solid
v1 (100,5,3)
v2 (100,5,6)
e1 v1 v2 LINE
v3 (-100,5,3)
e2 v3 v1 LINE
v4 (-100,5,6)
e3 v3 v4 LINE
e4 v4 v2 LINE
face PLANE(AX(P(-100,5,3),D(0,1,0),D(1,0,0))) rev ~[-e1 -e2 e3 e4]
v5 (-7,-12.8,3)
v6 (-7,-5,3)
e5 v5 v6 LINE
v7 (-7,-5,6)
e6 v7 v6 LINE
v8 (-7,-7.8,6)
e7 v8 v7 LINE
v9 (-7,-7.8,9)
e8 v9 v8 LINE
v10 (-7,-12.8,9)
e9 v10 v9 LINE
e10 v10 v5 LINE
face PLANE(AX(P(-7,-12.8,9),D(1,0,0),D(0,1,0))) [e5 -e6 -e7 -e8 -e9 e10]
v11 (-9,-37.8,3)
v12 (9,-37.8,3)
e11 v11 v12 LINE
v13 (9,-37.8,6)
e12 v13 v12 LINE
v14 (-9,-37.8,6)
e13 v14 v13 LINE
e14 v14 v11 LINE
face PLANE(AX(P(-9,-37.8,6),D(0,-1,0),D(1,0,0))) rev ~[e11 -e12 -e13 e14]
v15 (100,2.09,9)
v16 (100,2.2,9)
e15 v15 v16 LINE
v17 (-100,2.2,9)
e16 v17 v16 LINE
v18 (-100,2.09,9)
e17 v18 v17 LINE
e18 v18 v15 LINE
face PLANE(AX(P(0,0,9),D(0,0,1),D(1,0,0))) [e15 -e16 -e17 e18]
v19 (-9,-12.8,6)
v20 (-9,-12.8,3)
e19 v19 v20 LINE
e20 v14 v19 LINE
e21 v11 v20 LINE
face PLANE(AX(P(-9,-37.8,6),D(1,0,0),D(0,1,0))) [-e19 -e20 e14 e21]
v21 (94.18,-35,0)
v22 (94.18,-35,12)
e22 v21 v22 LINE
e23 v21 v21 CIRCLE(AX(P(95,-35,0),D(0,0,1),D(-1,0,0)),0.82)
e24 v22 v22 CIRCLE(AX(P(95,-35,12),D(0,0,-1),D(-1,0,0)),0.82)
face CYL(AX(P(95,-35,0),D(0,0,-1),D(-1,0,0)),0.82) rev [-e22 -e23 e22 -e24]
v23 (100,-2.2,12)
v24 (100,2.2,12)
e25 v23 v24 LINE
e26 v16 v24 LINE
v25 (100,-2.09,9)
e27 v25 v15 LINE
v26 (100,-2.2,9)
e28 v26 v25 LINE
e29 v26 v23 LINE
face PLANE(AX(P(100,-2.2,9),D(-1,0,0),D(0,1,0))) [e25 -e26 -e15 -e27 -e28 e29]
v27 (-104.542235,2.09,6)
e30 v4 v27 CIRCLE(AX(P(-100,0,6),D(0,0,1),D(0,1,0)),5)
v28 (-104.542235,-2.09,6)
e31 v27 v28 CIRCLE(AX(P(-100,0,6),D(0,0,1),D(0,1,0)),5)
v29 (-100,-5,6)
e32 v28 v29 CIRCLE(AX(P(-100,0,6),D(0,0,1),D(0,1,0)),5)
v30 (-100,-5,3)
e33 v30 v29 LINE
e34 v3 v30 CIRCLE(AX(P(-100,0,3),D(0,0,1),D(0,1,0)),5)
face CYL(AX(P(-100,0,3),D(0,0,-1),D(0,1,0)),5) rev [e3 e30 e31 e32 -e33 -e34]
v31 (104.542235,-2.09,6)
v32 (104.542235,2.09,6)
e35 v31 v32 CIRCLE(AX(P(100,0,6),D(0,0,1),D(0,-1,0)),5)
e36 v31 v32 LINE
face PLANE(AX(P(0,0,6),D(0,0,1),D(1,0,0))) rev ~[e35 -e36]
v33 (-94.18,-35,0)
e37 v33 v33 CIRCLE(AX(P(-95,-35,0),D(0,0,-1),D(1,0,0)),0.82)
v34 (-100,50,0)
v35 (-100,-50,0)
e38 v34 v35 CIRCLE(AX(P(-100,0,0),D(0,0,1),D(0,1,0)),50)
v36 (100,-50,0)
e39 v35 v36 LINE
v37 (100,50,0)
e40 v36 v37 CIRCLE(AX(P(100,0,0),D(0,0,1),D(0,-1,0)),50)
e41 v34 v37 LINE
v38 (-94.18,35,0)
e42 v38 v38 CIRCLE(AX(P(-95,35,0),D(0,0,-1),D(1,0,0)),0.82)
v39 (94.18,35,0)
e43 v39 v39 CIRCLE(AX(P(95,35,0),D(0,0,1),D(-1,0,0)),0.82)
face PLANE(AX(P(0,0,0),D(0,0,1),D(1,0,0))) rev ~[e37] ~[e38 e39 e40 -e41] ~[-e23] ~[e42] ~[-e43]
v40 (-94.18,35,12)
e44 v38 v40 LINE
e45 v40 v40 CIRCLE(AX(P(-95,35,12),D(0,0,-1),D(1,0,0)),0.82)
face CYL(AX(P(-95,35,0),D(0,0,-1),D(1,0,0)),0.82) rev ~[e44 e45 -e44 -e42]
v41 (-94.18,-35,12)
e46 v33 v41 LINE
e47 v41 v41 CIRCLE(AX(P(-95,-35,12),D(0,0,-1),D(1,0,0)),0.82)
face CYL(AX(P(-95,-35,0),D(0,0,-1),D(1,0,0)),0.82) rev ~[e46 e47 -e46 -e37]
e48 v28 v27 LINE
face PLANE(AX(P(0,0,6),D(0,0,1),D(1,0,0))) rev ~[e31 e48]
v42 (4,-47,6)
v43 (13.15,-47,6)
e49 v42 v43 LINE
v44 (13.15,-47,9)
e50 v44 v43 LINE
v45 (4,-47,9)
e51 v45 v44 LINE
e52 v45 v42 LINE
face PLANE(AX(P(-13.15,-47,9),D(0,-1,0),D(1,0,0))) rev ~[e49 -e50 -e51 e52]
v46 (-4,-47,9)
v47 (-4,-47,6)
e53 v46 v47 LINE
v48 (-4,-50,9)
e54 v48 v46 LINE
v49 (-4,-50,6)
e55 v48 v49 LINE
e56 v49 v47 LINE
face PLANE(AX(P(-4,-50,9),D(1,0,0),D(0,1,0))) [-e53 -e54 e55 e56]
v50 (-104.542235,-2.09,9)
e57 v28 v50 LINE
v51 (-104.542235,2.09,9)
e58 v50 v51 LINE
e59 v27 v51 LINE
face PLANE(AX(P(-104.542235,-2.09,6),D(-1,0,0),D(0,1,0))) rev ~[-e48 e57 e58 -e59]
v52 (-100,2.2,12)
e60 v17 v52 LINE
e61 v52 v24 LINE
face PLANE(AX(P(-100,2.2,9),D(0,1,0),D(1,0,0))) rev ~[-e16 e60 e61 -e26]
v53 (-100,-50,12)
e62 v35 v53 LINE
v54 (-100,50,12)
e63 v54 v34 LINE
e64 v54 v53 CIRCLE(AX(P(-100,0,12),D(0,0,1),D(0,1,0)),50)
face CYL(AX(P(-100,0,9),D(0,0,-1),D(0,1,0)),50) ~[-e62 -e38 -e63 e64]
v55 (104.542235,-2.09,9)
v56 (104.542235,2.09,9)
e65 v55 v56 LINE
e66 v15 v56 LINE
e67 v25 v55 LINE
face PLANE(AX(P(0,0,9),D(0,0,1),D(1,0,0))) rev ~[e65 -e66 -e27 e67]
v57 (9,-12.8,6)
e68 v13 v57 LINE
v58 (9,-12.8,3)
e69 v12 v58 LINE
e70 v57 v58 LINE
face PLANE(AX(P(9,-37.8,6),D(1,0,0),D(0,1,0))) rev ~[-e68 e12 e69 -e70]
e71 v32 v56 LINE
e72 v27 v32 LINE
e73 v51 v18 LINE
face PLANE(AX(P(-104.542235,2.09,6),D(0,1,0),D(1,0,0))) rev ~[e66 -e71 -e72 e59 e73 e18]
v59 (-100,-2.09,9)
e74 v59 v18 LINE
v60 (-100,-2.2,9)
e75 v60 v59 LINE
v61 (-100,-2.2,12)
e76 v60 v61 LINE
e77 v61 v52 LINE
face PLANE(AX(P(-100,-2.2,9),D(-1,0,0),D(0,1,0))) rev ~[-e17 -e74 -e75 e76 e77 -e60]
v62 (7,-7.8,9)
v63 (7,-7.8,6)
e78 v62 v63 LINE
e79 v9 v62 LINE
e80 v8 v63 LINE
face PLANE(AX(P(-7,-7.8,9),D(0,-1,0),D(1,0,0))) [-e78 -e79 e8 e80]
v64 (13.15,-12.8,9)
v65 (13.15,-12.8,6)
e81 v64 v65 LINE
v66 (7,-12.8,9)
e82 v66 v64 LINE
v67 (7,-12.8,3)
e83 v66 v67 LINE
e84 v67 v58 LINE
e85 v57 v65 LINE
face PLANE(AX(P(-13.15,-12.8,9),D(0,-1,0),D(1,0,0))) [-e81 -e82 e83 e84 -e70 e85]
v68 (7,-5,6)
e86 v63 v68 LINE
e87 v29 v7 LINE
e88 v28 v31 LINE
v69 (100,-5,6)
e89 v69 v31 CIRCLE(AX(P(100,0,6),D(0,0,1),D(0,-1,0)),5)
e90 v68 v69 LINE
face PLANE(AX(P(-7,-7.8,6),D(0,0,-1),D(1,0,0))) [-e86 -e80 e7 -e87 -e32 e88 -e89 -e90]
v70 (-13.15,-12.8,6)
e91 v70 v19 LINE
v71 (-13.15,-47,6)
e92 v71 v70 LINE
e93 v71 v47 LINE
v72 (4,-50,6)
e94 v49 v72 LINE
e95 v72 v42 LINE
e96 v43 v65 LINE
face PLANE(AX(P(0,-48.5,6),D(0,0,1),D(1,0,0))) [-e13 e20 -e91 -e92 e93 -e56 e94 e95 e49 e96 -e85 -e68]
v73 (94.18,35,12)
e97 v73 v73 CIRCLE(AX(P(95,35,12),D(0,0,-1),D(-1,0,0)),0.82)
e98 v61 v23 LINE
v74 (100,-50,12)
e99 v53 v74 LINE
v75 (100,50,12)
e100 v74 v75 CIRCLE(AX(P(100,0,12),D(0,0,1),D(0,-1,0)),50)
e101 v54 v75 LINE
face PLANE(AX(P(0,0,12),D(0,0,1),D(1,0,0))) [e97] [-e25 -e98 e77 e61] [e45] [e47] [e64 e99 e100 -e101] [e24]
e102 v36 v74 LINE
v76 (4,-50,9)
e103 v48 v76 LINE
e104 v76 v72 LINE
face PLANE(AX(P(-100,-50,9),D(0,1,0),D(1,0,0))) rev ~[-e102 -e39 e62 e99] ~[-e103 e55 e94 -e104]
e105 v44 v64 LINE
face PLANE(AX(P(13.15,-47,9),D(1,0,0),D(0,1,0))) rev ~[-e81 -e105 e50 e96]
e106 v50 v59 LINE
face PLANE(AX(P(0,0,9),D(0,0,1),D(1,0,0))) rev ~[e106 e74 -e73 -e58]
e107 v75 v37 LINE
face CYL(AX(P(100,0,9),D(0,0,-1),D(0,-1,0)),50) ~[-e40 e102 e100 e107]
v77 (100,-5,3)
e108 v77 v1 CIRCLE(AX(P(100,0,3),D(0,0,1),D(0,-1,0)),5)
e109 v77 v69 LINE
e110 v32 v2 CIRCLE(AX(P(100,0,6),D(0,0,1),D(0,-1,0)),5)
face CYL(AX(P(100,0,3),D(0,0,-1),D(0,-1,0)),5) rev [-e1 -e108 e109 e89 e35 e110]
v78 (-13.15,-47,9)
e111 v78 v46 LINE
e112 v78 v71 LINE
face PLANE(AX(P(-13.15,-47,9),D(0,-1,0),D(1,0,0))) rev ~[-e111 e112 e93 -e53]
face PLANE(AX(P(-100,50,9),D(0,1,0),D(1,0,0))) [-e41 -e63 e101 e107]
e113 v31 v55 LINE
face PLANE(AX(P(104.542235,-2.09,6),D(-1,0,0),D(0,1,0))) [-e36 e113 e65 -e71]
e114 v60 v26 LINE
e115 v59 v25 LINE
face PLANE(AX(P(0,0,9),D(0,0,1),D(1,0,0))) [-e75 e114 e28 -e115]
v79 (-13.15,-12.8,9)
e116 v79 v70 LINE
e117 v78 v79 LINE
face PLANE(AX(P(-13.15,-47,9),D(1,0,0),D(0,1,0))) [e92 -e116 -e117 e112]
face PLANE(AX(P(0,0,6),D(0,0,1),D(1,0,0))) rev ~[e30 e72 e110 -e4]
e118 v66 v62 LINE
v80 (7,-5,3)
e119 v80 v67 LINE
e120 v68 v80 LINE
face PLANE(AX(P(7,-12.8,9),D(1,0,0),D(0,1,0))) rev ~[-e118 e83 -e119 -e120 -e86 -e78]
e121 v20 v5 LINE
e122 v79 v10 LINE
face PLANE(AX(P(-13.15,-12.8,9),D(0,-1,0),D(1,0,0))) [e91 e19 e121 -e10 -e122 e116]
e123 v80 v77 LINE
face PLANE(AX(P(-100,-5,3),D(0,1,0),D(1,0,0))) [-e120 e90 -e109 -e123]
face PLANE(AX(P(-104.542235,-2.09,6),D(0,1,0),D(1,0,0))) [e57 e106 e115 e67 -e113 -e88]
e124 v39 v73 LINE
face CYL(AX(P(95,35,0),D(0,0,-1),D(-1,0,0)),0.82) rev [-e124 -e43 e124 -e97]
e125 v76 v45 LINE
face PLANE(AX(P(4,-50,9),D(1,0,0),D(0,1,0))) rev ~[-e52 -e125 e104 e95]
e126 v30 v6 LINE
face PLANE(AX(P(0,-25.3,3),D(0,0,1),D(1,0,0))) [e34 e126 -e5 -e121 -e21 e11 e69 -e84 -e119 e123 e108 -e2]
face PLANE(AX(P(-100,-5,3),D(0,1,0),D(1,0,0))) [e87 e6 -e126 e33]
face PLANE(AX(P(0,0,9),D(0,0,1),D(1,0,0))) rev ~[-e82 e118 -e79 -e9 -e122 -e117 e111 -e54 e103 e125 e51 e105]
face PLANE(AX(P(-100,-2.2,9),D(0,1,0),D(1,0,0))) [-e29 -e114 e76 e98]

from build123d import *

# Parameters (mm, degrees)
PAD_DEPTH       = 3
PAD001_DEPTH    = 3
SKETCH002_W     = 209.08447
SKETCH002_H     = 4.18
PAD002_DEPTH    = 3
SKETCH003_W     = 26.3
SKETCH003_H     = 34.2
POCKET_DEPTH    = 3
SKETCH004_W     = 18
SKETCH004_H     = 25
POCKET001_DEPTH = 3
SKETCH005_W     = 14
SKETCH005_H     = 5
POCKET002_DEPTH = 6
SKETCH006_W     = 14
SKETCH006_H     = 3
POCKET003_DEPTH = 3
SKETCH007_W     = 8
SKETCH007_H     = 3
POCKET004_DEPTH = 3
SKETCH008_W     = 200
SKETCH008_H     = 4.4
PAD003_DEPTH    = 3
SKETCH009_R     = 0.82
POCKET005_DEPTH = 644.911736


with BuildPart() as part:
    # Sketch → Pad (new body)
    with BuildSketch(Plane.XY):
        with BuildLine():
            ThreePointArc((-100, 50), (-150, 0), (-100, -50))
            Line((-100, -50), (100, -50))
            ThreePointArc((100, -50), (150, 0), (100, 50))
            Line((-100, 50), (100, 50))
        make_face()
    extrude(amount=PAD_DEPTH)

    # Sketch001 (on Face6 of Pad) → Pad001 (join)
    with BuildSketch(Plane.XY.offset(3)):
        with BuildLine():
            ThreePointArc((-100, 50), (-150, 0), (-100, -50))
            Line((-100, -50), (100, -50))
            ThreePointArc((100, -50), (150, 0), (100, 50))
            Line((-100, 50), (100, 50))
        make_face()
        with BuildLine():
            ThreePointArc((-100, 5), (-105, 0), (-100, -5))
            Line((-100, -5), (100, -5))
            ThreePointArc((100, -5), (105, 0), (100, 5))
            Line((-100, 5), (100, 5))
        make_face(mode=Mode.SUBTRACT)
    extrude(amount=PAD001_DEPTH)

    # Sketch002 (on Face9 of Pad001) → Pad002 (join)
    with BuildSketch(Plane.XY.offset(6)):
        with BuildLine():
            ThreePointArc((-100, 50), (-150, 0), (-100, -50))
            Line((-100, -50), (100, -50))
            ThreePointArc((100, -50), (150, 0), (100, 50))
            Line((-100, 50), (100, 50))
        make_face()
        Rectangle(SKETCH002_W, SKETCH002_H, mode=Mode.SUBTRACT)
    extrude(amount=PAD002_DEPTH)

    # Sketch003 (on Face13 of Pad002) → Pocket (cut)
    with BuildSketch(Plane.XY.offset(9)):
        with Locations((0, -29.9)):
            Rectangle(SKETCH003_W, SKETCH003_H)
    extrude(amount=-POCKET_DEPTH, mode=Mode.SUBTRACT)

    # Sketch004 (on Face27 of Pocket) → Pocket001 (cut)
    with BuildSketch(Plane.XY.offset(6)):
        with Locations((0, -25.3)):
            Rectangle(SKETCH004_W, SKETCH004_H)
    extrude(amount=-POCKET001_DEPTH, mode=Mode.SUBTRACT)

    # Sketch005 (on Face13 of Pocket001) → Pocket002 (cut)
    with BuildSketch(Plane.XY.offset(9)):
        with Locations((0, -10.3)):
            Rectangle(SKETCH005_W, SKETCH005_H)
    extrude(amount=-POCKET002_DEPTH, mode=Mode.SUBTRACT)

    # Sketch006 (on Face23 of Pocket002) → Pocket003 (cut)
    with BuildSketch(Plane.XZ.offset(7.8)):
        with Locations((0, 4.5)):
            Rectangle(SKETCH006_W, SKETCH006_H)
    extrude(amount=-POCKET003_DEPTH, mode=Mode.SUBTRACT)

    # Sketch007 (on Face13 of Pocket003) → Pocket004 (cut)
    with BuildSketch(Plane.XY.offset(9)):
        with Locations((0, -48.5)):
            Rectangle(SKETCH007_W, SKETCH007_H)
    extrude(amount=-POCKET004_DEPTH, mode=Mode.SUBTRACT)

    # Sketch008 (on Face15 of Pocket004) → Pad003 (join)
    with BuildSketch(Plane.XY.offset(9)):
        with BuildLine():
            ThreePointArc((-100, 50), (-150, 0), (-100, -50))
            Line((-100, -50), (100, -50))
            ThreePointArc((100, -50), (150, 0), (100, 50))
            Line((-100, 50), (100, 50))
        make_face()
        Rectangle(SKETCH008_W, SKETCH008_H, mode=Mode.SUBTRACT)
    extrude(amount=PAD003_DEPTH)

    # Sketch009 (on Face4 of Pad003) → Pocket005 (cut, through all)
    with BuildSketch(Plane(origin=(0, 0, 0), x_dir=(1, 0, 0), z_dir=(0, 0, -1))):
        with Locations((-95, 35)):
            Circle(SKETCH009_R)
        with Locations((-95, -35)):
            Circle(SKETCH009_R)
    pocket005 = extrude(amount=-POCKET005_DEPTH, mode=Mode.SUBTRACT)

    # Mirrored: Pocket005 across Sketch009 V_Axis
    add(pocket005.mirror(Plane(origin=(0, 0, 0), x_dir=(0, 0, -1), z_dir=(1, 0, 0))), mode=Mode.SUBTRACT)


solid = part.part
